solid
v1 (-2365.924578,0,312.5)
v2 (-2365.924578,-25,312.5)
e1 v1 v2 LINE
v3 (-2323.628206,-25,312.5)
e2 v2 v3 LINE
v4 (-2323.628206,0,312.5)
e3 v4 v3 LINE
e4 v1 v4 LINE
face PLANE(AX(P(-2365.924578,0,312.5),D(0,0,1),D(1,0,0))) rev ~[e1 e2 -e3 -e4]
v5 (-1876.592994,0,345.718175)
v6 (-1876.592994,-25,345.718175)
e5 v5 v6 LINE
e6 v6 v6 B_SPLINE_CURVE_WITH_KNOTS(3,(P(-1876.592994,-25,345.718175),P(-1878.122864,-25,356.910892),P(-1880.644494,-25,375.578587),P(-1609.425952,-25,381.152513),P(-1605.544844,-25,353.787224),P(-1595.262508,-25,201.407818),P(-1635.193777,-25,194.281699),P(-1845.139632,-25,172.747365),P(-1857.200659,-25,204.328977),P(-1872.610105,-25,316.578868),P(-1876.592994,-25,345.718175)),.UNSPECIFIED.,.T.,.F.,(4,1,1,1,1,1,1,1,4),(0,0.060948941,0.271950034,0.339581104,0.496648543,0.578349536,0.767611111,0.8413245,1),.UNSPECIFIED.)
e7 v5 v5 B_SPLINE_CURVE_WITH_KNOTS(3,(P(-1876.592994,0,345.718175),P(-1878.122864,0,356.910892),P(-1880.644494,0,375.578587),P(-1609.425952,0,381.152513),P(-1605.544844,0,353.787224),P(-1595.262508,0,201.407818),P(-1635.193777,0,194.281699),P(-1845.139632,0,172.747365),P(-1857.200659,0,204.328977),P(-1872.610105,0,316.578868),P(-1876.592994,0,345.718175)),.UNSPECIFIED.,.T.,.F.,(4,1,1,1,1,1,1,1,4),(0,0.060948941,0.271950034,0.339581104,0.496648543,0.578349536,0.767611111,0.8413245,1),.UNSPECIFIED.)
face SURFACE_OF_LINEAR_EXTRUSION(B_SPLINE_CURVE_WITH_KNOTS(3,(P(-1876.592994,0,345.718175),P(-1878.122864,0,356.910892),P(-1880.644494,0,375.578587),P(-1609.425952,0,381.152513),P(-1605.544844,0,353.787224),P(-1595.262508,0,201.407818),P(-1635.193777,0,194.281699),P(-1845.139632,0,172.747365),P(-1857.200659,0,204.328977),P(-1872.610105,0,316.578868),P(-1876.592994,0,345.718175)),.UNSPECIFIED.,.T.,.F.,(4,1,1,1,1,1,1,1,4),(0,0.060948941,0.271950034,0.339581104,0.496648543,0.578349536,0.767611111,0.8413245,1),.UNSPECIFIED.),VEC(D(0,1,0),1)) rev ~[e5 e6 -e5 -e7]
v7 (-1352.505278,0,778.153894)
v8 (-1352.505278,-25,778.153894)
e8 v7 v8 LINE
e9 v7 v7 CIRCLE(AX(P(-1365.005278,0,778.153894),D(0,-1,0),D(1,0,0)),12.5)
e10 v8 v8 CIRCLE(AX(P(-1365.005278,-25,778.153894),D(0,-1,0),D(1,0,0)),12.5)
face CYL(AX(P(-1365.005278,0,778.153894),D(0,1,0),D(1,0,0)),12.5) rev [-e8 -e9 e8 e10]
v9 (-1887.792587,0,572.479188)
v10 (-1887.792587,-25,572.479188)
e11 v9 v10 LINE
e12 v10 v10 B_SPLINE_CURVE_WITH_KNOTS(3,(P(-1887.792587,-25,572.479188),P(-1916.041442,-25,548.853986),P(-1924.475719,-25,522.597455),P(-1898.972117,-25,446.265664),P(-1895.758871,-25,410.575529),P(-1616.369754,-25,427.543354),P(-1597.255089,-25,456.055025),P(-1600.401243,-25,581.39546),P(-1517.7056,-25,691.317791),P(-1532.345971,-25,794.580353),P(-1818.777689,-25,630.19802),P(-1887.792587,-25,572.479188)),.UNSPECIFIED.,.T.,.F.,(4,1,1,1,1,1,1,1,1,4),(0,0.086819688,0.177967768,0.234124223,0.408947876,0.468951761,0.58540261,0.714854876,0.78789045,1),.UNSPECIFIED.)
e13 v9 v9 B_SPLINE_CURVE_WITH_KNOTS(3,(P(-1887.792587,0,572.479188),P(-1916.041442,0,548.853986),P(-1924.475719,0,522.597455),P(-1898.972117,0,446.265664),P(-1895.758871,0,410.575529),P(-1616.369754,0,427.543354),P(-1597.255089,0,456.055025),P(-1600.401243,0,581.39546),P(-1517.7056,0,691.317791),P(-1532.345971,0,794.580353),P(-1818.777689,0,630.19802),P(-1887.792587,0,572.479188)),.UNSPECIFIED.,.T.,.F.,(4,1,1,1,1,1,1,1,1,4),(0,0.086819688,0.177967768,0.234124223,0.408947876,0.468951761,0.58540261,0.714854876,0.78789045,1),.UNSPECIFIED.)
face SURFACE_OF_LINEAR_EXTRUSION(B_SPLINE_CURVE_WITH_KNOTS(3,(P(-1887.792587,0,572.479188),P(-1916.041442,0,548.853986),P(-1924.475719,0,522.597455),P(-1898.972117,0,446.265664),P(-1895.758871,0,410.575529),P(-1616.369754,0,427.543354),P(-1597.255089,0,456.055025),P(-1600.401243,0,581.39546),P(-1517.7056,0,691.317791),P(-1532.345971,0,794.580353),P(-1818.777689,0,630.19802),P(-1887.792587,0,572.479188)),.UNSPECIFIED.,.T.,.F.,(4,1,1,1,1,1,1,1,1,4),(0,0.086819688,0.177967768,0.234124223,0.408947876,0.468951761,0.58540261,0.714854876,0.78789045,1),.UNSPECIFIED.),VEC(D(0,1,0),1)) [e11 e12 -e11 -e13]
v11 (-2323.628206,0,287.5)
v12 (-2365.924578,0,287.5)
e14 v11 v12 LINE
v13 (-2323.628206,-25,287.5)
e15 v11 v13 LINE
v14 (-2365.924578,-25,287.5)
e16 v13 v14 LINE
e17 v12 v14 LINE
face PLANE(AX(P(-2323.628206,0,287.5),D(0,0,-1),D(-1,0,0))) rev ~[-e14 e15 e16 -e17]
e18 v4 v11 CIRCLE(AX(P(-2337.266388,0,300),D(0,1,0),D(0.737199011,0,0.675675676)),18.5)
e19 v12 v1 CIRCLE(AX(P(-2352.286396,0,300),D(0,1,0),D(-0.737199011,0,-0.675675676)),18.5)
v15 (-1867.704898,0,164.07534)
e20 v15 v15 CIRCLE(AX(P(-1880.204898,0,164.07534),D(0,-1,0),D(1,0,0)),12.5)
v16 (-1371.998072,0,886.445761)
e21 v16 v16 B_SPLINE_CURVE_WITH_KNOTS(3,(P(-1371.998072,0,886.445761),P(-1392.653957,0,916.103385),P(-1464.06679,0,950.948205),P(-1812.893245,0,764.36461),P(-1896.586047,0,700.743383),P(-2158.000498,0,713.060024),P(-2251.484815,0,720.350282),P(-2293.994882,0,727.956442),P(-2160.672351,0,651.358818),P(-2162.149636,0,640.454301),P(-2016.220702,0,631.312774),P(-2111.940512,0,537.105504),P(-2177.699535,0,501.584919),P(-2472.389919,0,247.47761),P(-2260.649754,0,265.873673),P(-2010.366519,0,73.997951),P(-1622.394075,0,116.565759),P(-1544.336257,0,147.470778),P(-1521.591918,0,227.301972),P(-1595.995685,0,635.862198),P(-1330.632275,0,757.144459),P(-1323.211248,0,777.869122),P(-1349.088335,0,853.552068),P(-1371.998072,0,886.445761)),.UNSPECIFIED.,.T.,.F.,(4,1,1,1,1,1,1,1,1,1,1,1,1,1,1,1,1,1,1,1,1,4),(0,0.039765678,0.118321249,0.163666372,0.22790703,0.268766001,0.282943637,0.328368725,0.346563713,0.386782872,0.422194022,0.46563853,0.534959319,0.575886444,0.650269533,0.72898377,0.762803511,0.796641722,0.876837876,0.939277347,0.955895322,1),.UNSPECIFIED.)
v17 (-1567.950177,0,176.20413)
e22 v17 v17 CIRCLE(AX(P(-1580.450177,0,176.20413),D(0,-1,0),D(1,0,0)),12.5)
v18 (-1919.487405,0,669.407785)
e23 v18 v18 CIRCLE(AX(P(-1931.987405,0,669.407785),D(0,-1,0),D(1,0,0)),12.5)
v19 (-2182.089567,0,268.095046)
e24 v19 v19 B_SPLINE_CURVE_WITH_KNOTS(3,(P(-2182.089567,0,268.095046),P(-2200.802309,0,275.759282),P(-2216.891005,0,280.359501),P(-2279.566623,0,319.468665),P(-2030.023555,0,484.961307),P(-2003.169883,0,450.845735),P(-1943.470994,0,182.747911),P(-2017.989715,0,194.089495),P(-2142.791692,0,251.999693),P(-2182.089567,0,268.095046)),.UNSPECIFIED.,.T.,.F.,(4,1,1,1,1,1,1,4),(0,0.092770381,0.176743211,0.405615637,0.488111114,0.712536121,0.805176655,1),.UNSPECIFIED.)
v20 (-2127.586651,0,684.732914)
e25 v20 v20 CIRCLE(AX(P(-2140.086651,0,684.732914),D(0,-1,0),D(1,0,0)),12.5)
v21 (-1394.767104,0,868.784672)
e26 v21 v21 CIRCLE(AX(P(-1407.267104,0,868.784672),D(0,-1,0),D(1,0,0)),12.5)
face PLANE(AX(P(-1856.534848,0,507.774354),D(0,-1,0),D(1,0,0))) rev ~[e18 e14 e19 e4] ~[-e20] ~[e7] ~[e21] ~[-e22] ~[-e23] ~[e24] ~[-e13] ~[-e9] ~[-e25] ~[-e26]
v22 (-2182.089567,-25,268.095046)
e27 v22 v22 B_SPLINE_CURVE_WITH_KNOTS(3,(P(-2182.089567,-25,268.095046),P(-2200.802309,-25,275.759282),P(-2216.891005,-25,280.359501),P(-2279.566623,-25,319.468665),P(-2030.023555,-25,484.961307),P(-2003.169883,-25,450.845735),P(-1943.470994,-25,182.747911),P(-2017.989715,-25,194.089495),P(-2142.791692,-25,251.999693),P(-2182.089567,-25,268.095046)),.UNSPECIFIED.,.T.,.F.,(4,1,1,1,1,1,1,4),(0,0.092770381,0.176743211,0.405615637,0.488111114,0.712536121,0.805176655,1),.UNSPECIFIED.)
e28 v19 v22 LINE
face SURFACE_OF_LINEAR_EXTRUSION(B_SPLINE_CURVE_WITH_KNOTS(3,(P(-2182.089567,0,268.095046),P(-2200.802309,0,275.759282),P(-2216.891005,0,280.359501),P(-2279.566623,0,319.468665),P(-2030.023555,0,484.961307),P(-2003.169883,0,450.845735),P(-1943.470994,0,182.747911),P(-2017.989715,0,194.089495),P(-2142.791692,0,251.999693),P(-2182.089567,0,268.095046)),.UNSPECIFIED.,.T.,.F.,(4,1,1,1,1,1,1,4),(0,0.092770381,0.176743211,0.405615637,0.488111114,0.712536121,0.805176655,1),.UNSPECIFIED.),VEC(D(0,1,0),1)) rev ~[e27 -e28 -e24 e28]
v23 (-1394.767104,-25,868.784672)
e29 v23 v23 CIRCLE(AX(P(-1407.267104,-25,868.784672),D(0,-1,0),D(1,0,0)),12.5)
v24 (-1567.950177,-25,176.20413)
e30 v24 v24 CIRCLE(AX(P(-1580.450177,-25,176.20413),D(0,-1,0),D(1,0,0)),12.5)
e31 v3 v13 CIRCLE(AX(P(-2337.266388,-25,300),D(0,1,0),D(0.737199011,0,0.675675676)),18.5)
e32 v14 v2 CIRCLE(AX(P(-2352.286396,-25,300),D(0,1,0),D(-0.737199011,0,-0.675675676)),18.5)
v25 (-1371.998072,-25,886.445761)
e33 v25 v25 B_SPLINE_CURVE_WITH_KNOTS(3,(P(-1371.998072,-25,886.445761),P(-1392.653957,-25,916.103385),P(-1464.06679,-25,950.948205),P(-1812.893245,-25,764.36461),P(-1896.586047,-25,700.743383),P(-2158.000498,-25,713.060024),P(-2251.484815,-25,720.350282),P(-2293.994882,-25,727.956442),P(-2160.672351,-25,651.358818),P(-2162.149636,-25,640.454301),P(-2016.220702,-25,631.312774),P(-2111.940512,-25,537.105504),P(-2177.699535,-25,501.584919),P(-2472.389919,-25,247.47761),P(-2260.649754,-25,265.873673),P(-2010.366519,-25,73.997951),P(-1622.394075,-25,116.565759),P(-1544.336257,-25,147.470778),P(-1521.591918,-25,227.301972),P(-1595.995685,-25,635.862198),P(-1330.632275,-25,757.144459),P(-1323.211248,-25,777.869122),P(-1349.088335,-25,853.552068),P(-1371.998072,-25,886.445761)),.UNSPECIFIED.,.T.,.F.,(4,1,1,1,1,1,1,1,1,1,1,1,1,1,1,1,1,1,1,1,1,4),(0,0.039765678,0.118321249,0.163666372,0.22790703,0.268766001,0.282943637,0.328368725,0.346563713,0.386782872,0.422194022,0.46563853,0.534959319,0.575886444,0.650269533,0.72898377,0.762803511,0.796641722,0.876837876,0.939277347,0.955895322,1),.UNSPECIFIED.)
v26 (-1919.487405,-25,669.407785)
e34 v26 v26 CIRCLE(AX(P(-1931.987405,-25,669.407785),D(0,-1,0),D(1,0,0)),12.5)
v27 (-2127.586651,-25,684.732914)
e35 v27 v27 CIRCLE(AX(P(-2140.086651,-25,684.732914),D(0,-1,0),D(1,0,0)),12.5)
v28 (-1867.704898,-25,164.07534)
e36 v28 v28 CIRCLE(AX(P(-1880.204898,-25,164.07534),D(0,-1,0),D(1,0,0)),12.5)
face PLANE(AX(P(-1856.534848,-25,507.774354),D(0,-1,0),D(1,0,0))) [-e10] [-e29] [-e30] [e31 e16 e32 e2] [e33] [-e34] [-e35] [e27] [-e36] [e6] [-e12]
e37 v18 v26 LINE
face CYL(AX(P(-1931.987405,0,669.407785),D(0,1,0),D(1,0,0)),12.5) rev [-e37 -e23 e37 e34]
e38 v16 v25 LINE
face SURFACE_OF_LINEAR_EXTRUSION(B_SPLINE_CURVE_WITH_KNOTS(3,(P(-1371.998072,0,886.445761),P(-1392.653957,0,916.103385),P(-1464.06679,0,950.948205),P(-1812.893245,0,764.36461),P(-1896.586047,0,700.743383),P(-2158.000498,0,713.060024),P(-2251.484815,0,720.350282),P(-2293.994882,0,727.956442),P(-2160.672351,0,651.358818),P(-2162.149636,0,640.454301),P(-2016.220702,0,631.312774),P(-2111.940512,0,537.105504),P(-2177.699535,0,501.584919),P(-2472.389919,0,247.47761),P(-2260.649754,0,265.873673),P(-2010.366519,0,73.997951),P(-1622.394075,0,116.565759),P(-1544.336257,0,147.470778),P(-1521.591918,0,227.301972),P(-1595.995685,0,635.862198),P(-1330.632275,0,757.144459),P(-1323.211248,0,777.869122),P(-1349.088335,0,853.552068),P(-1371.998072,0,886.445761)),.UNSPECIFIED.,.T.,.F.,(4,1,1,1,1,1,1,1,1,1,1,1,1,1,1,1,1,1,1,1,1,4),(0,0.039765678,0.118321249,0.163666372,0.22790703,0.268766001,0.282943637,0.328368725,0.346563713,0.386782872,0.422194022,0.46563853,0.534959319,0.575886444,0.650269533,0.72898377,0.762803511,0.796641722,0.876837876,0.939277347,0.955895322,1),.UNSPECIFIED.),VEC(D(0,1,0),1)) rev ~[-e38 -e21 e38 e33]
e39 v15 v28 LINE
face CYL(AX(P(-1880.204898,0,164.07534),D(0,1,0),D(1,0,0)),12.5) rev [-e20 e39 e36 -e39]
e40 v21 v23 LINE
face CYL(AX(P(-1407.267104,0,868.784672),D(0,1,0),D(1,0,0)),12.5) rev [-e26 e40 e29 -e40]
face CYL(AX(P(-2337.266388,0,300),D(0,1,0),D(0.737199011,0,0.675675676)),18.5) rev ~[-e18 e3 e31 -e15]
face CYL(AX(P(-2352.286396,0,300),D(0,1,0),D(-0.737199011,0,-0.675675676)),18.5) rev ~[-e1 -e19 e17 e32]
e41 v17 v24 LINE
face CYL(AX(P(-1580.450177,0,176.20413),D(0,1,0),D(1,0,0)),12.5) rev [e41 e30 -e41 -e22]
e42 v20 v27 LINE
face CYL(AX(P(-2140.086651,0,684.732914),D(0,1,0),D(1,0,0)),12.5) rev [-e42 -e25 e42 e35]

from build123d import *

# Parameters (mm, degrees)
F1_R     = 12.5
F2_DEPTH = 25


with BuildPart() as f2:
    # F1 (on Front) → F2 (new body)
    with BuildSketch(Plane.XZ):
        with BuildLine():
            add(Edge.make_bspline(
                [(-1371.9980716705, 886.4457607269), (-1392.653957445, 916.1033848298), (-1464.0667900313, 950.9482048559), (-1812.8932452518, 764.3646101194), (-1896.5860467802, 700.7433831859), (-2158.0004975891, 713.0600240908), (-2251.484814516, 720.3502820828), (-2293.9948815022, 727.956442062), (-2160.6723513816, 651.3588183992), (-2162.1496359375, 640.4543010837), (-2016.2207019242, 631.3127735069), (-2111.940512186, 537.1055042483), (-2177.6995354045, 501.5849193393), (-2472.3899192561, 247.4776096606), (-2260.6497543424, 265.873673142), (-2010.3665191234, 73.9979514065), (-1622.3940752802, 116.5657589018), (-1544.3362574694, 147.4707782041), (-1521.5919179425, 227.301972126), (-1595.9956851389, 635.8621978573), (-1330.6322746634, 757.1444590947), (-1323.2112479294, 777.8691215697), (-1349.0883350374, 853.5520681117), (-1371.9980716705, 886.4457607269)],
                knots=[0, 0, 0, 0, 0.0397656776, 0.1183212485, 0.1636663724, 0.2279070297, 0.2687660008, 0.2829436368, 0.3283687251, 0.3465637133, 0.3867828718, 0.4221940221, 0.4656385304, 0.5349593194, 0.5758864442, 0.6502695326, 0.7289837699, 0.7628035112, 0.7966417222, 0.8768378755, 0.9392773468, 0.9558953215, 1, 1, 1, 1], degree=3))
        make_face()
        with BuildLine():
            Line((-2365.9245776832, 312.5), (-2323.6282062828, 312.5))
            ThreePointArc((-2323.6282062828, 312.5), (-2318.7663879798, 300), (-2323.6282062828, 287.5))
            Line((-2323.6282062828, 287.5), (-2365.9245776832, 287.5))
            ThreePointArc((-2365.9245776832, 287.5), (-2370.7863959862, 300), (-2365.9245776832, 312.5))
        make_face(mode=Mode.SUBTRACT)
        with BuildLine():
            add(Edge.make_bspline(
                [(-2182.0895671844, 268.0950462818), (-2200.8023086205, 275.7592823317), (-2216.8910046537, 280.3595011077), (-2279.5666232427, 319.4686654424), (-2030.0235551893, 484.9613072764), (-2003.1698827631, 450.8457349337), (-1943.4709938525, 182.7479105147), (-2017.9897152424, 194.0894947076), (-2142.7916918628, 251.999692549), (-2182.0895671844, 268.0950462818)],
                knots=[0, 0, 0, 0, 0.0927703814, 0.1767432106, 0.4056156368, 0.4881111138, 0.7125361205, 0.805176655, 1, 1, 1, 1], degree=3))
        make_face(mode=Mode.SUBTRACT)
        with Locations((-1880.204897692, 164.0753404029)):
            Circle(F1_R, mode=Mode.SUBTRACT)
        with BuildLine():
            add(Edge.make_bspline(
                [(-1876.5929937363, 345.7181751728), (-1878.1228636134, 356.9108916955), (-1880.6444941552, 375.5785869413), (-1609.4259518722, 381.1525132306), (-1605.5448436488, 353.7872239445), (-1595.2625075481, 201.4078175406), (-1635.1937770468, 194.2816989644), (-1845.1396322224, 172.7473653213), (-1857.2006594656, 204.3289773047), (-1872.6101047314, 316.5788684652), (-1876.5929937363, 345.7181751728)],
                knots=[0, 0, 0, 0, 0.060948941, 0.2719500339, 0.3395811044, 0.4966485426, 0.5783495362, 0.7676111106, 0.8413245004, 1, 1, 1, 1], degree=3))
        make_face(mode=Mode.SUBTRACT)
        with Locations((-1580.4501771927, 176.2041300535)):
            Circle(F1_R, mode=Mode.SUBTRACT)
        with Locations((-2140.0866508484, 684.7329139709)):
            Circle(F1_R, mode=Mode.SUBTRACT)
        with Locations((-1931.9874048233, 669.4077849388)):
            Circle(F1_R, mode=Mode.SUBTRACT)
        with BuildLine():
            add(Edge.make_bspline(
                [(-1887.7925872803, 572.4791884422), (-1916.0414424568, 548.8539863783), (-1924.4757185389, 522.5974551714), (-1898.9721168928, 446.2656644659), (-1895.7588707645, 410.5755292349), (-1616.3697543667, 427.543354061), (-1597.2550888775, 456.055024508), (-1600.401242965, 581.3954603649), (-1517.7055996067, 691.317791282), (-1532.3459705748, 794.5803529056), (-1818.7776888693, 630.1980202389), (-1887.7925872803, 572.4791884422)],
                knots=[0, 0, 0, 0, 0.0868196883, 0.1779677675, 0.2341242234, 0.408947876, 0.4689517608, 0.5854026096, 0.7148548764, 0.7878904496, 1, 1, 1, 1], degree=3))
        make_face(mode=Mode.SUBTRACT)
        with Locations((-1365.0052775307, 778.1538935183)):
            Circle(F1_R, mode=Mode.SUBTRACT)
        with Locations((-1407.2671037048, 868.784672222)):
            Circle(F1_R, mode=Mode.SUBTRACT)
    extrude(amount=F2_DEPTH)


solid = f2.part
